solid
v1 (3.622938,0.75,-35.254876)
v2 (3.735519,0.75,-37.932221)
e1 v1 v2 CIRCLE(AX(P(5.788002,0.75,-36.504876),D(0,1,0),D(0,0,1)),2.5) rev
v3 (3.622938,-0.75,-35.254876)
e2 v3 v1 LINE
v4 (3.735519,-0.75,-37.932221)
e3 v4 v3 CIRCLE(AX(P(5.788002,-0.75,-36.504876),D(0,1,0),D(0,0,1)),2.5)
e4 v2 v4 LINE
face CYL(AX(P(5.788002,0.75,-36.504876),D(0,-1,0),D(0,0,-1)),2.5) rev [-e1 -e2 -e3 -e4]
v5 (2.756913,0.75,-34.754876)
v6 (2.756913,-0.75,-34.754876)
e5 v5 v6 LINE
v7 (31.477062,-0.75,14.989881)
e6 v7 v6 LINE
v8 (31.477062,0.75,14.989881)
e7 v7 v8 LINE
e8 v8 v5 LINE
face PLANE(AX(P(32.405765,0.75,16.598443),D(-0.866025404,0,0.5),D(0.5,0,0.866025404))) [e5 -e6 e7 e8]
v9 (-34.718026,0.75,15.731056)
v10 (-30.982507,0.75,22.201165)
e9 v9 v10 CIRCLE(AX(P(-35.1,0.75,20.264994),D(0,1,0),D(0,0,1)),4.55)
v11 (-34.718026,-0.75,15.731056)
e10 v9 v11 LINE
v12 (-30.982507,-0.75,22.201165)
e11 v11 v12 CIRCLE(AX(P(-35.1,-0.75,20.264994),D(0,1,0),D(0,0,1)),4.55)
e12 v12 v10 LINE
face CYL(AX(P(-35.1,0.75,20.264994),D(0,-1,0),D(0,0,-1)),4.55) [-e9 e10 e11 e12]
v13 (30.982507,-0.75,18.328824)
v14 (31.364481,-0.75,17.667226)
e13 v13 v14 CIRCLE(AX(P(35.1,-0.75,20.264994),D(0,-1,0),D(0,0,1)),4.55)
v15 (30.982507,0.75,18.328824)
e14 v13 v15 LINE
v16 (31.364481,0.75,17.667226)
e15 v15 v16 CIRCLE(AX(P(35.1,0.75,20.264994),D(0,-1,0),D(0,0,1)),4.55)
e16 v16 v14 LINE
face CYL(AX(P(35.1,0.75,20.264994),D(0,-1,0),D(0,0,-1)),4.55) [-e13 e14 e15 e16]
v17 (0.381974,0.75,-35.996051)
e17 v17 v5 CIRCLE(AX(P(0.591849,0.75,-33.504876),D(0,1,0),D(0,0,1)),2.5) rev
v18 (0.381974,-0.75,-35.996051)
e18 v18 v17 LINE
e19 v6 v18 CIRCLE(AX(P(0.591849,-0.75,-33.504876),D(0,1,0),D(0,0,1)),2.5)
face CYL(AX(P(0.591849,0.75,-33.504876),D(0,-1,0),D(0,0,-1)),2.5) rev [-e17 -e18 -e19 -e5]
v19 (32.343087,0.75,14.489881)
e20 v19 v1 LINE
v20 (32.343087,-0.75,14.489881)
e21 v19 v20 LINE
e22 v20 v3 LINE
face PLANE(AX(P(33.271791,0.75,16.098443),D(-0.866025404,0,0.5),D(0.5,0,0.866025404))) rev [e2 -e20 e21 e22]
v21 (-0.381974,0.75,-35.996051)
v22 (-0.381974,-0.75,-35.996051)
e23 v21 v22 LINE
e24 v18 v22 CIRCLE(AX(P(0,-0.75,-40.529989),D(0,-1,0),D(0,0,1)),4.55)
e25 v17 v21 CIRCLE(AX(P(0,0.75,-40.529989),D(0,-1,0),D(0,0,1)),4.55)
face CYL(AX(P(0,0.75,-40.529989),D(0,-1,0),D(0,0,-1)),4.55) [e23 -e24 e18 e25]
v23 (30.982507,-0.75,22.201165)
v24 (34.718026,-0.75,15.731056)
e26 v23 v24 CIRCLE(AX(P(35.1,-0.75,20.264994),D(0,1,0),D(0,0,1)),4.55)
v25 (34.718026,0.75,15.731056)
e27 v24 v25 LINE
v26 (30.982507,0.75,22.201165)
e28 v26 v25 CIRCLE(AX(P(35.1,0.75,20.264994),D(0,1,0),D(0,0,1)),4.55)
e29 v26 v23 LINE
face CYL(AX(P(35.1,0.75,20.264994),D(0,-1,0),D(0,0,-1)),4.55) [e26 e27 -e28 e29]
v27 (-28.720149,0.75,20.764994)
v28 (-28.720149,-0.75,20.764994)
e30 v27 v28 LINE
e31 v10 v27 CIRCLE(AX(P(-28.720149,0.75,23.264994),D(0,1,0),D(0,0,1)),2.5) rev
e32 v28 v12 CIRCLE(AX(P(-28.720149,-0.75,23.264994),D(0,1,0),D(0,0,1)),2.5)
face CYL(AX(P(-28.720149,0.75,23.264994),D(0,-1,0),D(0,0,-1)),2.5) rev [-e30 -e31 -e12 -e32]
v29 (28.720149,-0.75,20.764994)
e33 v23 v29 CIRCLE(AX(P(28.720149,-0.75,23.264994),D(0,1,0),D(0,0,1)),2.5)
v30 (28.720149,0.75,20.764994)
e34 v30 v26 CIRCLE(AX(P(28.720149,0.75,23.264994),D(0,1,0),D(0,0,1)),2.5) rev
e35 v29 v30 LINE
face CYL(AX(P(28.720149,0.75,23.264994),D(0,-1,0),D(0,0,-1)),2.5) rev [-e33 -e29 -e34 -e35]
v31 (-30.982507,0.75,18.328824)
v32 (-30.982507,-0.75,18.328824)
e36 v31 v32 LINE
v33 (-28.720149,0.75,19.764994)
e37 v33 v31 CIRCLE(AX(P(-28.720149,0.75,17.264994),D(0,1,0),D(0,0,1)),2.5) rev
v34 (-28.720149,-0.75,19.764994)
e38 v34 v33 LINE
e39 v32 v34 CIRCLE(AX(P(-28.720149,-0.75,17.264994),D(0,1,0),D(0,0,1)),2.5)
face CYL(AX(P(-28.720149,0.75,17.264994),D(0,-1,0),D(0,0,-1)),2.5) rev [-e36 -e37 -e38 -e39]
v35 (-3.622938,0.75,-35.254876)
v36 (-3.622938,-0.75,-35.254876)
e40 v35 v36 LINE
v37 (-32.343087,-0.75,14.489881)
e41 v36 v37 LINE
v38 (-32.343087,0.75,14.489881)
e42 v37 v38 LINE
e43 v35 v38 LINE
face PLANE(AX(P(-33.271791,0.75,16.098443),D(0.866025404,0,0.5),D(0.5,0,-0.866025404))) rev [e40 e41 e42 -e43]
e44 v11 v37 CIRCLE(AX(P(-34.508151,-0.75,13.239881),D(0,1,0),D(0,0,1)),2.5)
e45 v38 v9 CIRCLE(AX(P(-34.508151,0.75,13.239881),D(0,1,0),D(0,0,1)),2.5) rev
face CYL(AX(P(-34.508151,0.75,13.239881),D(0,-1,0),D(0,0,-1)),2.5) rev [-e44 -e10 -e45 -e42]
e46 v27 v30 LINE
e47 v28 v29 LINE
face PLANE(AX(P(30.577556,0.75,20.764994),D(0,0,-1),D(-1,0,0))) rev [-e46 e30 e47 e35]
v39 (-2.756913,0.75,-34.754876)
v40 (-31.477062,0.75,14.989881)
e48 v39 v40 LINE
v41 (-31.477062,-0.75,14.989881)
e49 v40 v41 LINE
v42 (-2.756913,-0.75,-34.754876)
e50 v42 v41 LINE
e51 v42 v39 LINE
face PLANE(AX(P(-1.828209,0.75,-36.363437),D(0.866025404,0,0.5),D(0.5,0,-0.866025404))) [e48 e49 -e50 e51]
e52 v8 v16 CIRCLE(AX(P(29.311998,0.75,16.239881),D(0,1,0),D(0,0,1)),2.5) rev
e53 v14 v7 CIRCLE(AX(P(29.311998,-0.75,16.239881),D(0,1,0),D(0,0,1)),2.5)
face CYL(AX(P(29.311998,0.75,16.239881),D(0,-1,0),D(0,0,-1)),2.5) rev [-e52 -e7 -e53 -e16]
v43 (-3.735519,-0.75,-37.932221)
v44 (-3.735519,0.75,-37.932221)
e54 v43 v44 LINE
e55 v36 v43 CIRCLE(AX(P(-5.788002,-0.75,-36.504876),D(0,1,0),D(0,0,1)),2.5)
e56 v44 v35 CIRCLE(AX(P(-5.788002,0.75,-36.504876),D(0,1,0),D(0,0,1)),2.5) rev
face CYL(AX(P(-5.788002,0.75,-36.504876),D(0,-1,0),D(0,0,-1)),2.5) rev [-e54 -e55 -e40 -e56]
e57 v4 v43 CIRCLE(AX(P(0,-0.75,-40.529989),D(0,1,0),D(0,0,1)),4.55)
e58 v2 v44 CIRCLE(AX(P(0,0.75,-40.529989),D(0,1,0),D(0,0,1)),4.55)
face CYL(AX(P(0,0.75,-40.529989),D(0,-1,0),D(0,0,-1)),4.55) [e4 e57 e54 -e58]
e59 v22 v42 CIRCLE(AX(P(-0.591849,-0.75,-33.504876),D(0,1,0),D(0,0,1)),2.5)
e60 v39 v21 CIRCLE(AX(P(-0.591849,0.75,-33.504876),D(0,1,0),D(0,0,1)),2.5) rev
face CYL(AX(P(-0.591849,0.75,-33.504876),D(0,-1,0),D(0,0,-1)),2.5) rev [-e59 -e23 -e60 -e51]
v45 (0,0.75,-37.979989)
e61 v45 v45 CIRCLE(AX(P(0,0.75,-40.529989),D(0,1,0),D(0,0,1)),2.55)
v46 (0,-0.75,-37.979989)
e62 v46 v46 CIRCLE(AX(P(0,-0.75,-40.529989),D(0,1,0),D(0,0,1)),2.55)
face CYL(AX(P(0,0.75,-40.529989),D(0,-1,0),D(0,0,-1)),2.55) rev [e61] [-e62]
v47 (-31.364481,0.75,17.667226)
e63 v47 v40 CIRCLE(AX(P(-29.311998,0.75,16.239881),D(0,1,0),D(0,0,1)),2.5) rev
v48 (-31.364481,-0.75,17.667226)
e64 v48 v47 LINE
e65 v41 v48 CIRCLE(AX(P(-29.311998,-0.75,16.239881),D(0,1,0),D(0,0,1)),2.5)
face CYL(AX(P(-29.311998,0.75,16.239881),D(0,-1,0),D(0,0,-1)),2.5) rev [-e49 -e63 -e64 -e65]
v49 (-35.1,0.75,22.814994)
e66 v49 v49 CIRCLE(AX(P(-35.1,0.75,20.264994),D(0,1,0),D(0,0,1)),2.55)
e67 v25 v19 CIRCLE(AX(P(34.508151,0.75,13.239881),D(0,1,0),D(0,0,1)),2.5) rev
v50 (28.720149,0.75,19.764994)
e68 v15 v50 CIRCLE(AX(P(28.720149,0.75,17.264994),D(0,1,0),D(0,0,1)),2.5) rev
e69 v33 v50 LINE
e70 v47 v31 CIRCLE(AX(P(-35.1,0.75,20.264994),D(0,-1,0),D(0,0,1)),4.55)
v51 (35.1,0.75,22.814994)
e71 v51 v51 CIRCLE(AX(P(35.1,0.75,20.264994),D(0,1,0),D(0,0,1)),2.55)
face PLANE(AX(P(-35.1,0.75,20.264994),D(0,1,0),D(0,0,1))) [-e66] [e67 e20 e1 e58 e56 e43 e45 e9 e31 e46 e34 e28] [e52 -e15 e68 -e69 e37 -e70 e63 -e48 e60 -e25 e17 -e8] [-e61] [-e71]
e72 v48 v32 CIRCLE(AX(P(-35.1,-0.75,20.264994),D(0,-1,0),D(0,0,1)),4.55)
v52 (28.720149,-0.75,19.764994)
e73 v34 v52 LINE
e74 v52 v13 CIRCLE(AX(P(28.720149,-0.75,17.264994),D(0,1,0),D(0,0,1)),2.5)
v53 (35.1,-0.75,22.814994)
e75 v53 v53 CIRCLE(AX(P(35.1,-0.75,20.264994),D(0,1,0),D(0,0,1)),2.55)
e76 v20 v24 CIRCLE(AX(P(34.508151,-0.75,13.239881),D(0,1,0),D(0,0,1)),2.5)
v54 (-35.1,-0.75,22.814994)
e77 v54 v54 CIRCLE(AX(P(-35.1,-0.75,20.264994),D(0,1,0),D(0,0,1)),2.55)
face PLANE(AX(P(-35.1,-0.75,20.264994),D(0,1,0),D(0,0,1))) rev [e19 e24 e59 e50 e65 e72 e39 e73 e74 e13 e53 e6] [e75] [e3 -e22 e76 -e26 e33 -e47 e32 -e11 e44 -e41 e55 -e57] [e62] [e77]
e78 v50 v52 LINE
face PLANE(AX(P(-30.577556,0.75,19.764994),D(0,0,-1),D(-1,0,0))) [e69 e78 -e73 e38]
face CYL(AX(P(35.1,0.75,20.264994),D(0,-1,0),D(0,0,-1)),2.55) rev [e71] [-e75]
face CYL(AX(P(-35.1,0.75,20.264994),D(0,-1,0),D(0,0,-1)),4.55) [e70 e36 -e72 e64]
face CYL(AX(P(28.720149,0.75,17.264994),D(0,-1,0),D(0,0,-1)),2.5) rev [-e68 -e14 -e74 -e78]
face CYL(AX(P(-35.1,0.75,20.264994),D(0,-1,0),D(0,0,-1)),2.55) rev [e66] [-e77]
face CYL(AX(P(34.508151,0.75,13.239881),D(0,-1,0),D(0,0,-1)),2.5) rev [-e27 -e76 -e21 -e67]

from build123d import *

# Parameters (mm, degrees)
SKETCH2_R        = 2.55
MAIN_SHAPE_DEPTH = 0.75
OUTSIDE_FILLET_R = 2.5
INSIDE_FILLET_R  = 2.5


with BuildPart() as part:
    # Sketch2 → main_shape (new body, symmetric)
    with BuildSketch(Plane(origin=(0, 0, 0), x_dir=(1, 0, 0), z_dir=(0, 1, 0))):
        with BuildLine():
            Line((-33.271790687, -16.098443032), (-2.694234717, 36.86343748))
            ThreePointArc((-2.694234717, 36.86343748), (0, 45.079988897), (2.694234717, 36.86343748))
            Line((2.694234717, 36.86343748), (33.271790687, -16.098443032))
            ThreePointArc((33.271790687, -16.098443032), (39.040415587, -22.539994449), (30.57755597, -20.764994449))
            Line((30.57755597, -20.764994449), (-30.57755597, -20.764994449))
            ThreePointArc((-30.57755597, -20.764994449), (-39.040415587, -22.539994449), (-33.271790687, -16.098443032))
        make_face()
        with Locations((0, 40.529988897)):
            Circle(SKETCH2_R, mode=Mode.SUBTRACT)
        with Locations((35.1, -20.264994449)):
            Circle(SKETCH2_R, mode=Mode.SUBTRACT)
        with Locations((-35.1, -20.264994449)):
            Circle(SKETCH2_R, mode=Mode.SUBTRACT)
        with BuildLine():
            Line((-30.57755597, -19.764994449), (30.57755597, -19.764994449))
            ThreePointArc((30.57755597, -19.764994449), (31.159584413, -17.989994449), (32.405765283, -16.598443032))
            Line((32.405765283, -16.598443032), (1.828209313, 36.36343748))
            ThreePointArc((1.828209313, 36.36343748), (0, 35.979988897), (-1.828209313, 36.36343748))
            Line((-1.828209313, 36.36343748), (-32.405765283, -16.598443032))
            ThreePointArc((-32.405765283, -16.598443032), (-31.159584413, -17.989994449), (-30.57755597, -19.764994449))
        make_face(mode=Mode.SUBTRACT)
    extrude(amount=MAIN_SHAPE_DEPTH, both=True)

    # outside_fillet
    outside_fillet_edges = [part.edges().sort_by_distance(p)[0] for p in [
        (-33.271790687, 0, 16.098443032),
        (-2.694234717, 0, -36.86343748),
        (2.694234717, 0, -36.86343748),
        (33.271790687, 0, 16.098443032),
        (30.57755597, 0, 20.764994449),
        (-30.57755597, 0, 20.764994449),
    ]]
    fillet(outside_fillet_edges, radius=OUTSIDE_FILLET_R)

    # inside_fillet
    inside_fillet_edges = [part.edges().sort_by_distance(p)[0] for p in [
        (1.828209313, 0, -36.36343748),
        (-1.828209313, 0, -36.36343748),
        (-32.405765283, 0, 16.598443032),
        (-30.57755597, 0, 19.764994449),
        (30.57755597, 0, 19.764994449),
        (32.405765283, 0, 16.598443032),
    ]]
    fillet(inside_fillet_edges, radius=INSIDE_FILLET_R)


solid = part.part
